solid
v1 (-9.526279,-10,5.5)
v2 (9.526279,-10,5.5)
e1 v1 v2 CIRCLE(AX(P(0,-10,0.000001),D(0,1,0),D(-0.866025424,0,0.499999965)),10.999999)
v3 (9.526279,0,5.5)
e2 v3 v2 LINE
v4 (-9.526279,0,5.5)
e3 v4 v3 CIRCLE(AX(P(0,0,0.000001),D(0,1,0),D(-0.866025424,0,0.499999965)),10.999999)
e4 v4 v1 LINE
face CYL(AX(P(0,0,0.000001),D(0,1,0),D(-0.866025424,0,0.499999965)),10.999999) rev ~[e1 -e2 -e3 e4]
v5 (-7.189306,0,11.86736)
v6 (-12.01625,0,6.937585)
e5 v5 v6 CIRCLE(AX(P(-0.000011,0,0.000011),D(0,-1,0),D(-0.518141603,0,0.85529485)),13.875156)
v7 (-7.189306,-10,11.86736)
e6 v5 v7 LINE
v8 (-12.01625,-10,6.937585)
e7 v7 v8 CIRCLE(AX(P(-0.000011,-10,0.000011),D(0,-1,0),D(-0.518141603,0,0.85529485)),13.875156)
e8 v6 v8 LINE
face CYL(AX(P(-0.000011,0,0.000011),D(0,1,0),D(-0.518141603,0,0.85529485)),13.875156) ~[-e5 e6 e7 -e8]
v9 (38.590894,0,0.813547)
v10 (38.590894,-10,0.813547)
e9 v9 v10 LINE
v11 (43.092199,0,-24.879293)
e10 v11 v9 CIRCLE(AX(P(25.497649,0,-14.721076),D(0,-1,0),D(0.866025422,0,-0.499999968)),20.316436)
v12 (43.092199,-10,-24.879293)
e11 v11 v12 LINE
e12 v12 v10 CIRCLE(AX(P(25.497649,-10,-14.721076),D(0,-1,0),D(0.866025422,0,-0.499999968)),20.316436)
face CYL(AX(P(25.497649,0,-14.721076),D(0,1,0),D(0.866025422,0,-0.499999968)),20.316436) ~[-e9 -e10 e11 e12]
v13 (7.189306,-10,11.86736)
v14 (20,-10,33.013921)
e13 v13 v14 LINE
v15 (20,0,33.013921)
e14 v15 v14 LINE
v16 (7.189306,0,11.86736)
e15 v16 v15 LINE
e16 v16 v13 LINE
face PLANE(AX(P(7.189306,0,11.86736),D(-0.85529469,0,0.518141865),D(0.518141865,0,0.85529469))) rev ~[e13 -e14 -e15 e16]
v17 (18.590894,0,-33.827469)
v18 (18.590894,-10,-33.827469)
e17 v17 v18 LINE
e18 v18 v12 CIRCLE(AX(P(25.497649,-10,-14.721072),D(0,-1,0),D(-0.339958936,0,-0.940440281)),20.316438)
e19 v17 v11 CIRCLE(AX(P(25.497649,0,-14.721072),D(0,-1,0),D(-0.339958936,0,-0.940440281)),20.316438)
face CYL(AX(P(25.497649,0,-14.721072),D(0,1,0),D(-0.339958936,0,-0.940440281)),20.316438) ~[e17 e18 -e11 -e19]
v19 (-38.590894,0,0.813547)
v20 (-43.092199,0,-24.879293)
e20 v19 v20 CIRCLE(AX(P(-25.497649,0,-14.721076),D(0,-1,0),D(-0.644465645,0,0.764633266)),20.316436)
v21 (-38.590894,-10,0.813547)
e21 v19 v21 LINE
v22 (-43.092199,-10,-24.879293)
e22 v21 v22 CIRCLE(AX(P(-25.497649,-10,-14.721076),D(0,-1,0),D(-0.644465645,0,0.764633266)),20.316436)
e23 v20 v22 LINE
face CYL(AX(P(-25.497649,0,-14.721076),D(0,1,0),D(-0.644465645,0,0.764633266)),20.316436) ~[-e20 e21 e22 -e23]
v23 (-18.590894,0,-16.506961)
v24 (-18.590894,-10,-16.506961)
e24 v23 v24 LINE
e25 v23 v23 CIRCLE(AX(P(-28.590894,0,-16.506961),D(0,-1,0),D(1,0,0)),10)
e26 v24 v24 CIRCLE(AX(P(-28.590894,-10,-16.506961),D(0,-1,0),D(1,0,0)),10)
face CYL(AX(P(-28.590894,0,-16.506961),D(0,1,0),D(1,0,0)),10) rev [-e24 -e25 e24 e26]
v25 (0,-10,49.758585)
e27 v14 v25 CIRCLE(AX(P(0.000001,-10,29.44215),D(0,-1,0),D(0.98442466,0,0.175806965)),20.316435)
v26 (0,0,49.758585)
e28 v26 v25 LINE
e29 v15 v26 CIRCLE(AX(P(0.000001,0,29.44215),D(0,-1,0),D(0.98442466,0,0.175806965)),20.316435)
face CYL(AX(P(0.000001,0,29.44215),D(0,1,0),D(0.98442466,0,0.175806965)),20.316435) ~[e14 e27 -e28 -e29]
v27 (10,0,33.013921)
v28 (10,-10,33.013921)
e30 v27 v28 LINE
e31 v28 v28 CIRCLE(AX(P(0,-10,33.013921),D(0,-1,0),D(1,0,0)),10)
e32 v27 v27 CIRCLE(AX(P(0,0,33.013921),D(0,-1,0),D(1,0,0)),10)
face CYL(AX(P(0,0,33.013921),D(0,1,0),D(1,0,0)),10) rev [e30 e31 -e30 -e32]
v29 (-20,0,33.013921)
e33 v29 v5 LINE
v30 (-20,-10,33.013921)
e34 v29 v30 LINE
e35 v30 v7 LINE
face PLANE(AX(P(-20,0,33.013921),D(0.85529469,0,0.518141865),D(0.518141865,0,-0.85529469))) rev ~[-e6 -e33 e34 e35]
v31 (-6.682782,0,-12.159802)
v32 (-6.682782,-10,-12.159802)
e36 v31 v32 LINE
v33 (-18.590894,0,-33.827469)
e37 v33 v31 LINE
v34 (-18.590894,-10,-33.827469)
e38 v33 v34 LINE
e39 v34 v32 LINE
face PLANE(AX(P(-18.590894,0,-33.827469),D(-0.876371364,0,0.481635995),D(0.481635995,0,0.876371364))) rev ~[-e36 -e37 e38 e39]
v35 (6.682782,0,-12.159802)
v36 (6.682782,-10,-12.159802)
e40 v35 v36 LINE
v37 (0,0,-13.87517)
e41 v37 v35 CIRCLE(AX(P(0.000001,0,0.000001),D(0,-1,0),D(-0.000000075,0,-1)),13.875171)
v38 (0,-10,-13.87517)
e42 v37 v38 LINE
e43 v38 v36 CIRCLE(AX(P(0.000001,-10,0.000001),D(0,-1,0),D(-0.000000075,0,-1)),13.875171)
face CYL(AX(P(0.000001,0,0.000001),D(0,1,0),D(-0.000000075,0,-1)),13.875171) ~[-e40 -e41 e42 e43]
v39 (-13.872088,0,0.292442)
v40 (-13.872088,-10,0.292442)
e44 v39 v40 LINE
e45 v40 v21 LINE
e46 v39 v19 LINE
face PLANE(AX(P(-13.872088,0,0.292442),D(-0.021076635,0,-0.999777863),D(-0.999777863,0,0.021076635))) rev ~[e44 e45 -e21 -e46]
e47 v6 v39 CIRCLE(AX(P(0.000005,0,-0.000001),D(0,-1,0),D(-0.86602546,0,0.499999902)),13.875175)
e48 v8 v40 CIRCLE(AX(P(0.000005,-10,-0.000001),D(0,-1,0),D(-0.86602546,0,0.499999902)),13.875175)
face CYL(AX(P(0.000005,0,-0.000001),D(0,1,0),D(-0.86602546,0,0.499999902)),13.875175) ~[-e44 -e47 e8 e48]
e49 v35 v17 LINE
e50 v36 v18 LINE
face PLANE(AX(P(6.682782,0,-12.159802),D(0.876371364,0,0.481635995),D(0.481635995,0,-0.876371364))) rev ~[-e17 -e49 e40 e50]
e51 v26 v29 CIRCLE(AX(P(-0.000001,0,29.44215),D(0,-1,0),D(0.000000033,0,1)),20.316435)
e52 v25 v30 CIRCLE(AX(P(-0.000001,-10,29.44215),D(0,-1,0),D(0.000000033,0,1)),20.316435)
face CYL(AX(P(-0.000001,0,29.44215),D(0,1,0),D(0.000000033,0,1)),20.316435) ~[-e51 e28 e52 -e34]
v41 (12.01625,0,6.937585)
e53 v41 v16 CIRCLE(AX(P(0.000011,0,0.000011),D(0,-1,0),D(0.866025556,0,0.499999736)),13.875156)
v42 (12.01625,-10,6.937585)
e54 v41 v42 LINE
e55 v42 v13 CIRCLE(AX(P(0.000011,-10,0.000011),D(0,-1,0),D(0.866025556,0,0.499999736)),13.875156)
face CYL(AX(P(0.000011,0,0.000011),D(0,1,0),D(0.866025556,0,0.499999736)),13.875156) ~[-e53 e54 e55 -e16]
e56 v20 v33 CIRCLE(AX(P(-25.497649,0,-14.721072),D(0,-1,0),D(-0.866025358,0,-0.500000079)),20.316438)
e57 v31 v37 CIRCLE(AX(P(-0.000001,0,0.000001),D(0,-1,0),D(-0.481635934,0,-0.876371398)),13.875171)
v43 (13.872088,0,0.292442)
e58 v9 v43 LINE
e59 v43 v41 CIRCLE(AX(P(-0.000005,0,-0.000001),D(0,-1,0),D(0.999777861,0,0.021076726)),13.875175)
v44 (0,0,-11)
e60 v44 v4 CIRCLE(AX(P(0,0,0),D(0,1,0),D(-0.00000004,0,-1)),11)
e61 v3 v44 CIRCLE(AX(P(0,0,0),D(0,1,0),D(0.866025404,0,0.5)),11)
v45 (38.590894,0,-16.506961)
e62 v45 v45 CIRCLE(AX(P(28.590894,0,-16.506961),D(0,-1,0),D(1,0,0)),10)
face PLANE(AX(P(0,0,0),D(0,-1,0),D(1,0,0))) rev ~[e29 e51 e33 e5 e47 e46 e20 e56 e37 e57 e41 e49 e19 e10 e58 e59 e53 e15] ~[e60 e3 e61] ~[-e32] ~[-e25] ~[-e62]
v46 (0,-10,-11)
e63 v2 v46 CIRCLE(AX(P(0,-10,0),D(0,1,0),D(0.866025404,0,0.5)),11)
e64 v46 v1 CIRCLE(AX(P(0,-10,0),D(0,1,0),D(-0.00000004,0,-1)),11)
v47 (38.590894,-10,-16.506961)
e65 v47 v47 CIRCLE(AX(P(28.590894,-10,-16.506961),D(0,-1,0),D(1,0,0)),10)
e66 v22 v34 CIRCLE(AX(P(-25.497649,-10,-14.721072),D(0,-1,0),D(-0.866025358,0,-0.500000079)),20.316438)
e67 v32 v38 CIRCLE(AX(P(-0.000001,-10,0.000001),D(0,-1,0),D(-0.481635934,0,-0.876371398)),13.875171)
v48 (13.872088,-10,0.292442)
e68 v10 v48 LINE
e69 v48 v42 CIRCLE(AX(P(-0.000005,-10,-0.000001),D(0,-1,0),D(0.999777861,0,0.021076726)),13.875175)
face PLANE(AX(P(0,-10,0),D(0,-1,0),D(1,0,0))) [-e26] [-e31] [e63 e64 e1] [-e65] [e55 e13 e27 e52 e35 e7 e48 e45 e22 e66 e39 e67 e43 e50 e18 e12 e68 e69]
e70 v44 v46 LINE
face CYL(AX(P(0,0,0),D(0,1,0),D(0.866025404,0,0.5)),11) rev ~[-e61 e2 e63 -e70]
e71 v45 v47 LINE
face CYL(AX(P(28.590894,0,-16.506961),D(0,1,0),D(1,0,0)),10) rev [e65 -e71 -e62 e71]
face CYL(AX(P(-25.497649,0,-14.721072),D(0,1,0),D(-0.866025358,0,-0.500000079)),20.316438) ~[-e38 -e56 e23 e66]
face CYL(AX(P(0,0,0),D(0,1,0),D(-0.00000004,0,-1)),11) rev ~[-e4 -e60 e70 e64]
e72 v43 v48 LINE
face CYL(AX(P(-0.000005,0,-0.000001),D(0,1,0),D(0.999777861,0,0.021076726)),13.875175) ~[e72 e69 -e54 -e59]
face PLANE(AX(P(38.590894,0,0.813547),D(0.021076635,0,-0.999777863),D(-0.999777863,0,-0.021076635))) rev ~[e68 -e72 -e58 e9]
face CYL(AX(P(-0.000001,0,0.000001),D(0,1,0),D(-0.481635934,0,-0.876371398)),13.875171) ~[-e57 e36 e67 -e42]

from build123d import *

# Parameters (mm, degrees)
F0_R     = 10
F1_DEPTH = 10


with BuildPart() as f1:
    # F0 (on Front) → F1 (new body)
    with BuildSketch(Plane.XZ):
        with BuildLine():
            Line((-20, 33.013921), (-7.189306, 11.86736))
            ThreePointArc((-7.189306, 11.86736), (-9.914082, 9.707283), (-12.01625, 6.937585))
            ThreePointArc((-12.01625, 6.937585), (-13.363794, 3.732205), (-13.872088, 0.292442))
            Line((-13.872088, 0.292442), (-38.590894, 0.813547))
            ThreePointArc((-38.590894, 0.813547), (-45.509288, -11.215099), (-43.092199, -24.879293))
            ThreePointArc((-43.092199, -24.879293), (-32.467205, -33.80465), (-18.590894, -33.827469))
            Line((-18.590894, -33.827469), (-6.682782, -12.159802))
            ThreePointArc((-6.682782, -12.159802), (-3.449712, -13.439488), (0, -13.87517))
            ThreePointArc((0, -13.87517), (3.449712, -13.439488), (6.682782, -12.159802))
            Line((6.682782, -12.159802), (18.590894, -33.827469))
            ThreePointArc((18.590894, -33.827469), (32.467205, -33.80465), (43.092199, -24.879293))
            ThreePointArc((43.092199, -24.879293), (45.509288, -11.215099), (38.590894, 0.813547))
            Line((38.590894, 0.813547), (13.872088, 0.292442))
            ThreePointArc((13.872088, 0.292442), (13.363794, 3.732205), (12.01625, 6.937585))
            ThreePointArc((12.01625, 6.937585), (9.914082, 9.707283), (7.189306, 11.86736))
            Line((7.189306, 11.86736), (20, 33.013921))
            ThreePointArc((20, 33.013921), (13.042084, 45.019749), (0, 49.758585))
            ThreePointArc((0, 49.758585), (-13.042084, 45.019749), (-20, 33.013921))
        make_face()
        with Locations((-28.590894, -16.506961)):
            Circle(F0_R, mode=Mode.SUBTRACT)
        with Locations((28.590894, -16.506961)):
            Circle(F0_R, mode=Mode.SUBTRACT)
        with BuildLine():
            ThreePointArc((-9.526279, 5.5), (0, 11), (9.526279, 5.5))
            ThreePointArc((9.526279, 5.5), (9.526279, -5.5), (0, -11))
            ThreePointArc((0, -11), (-9.526279, -5.5), (-9.526279, 5.5))
        make_face(mode=Mode.SUBTRACT)
        with Locations((0, 33.013921)):
            Circle(F0_R, mode=Mode.SUBTRACT)
    extrude(amount=F1_DEPTH)


solid = f1.part
